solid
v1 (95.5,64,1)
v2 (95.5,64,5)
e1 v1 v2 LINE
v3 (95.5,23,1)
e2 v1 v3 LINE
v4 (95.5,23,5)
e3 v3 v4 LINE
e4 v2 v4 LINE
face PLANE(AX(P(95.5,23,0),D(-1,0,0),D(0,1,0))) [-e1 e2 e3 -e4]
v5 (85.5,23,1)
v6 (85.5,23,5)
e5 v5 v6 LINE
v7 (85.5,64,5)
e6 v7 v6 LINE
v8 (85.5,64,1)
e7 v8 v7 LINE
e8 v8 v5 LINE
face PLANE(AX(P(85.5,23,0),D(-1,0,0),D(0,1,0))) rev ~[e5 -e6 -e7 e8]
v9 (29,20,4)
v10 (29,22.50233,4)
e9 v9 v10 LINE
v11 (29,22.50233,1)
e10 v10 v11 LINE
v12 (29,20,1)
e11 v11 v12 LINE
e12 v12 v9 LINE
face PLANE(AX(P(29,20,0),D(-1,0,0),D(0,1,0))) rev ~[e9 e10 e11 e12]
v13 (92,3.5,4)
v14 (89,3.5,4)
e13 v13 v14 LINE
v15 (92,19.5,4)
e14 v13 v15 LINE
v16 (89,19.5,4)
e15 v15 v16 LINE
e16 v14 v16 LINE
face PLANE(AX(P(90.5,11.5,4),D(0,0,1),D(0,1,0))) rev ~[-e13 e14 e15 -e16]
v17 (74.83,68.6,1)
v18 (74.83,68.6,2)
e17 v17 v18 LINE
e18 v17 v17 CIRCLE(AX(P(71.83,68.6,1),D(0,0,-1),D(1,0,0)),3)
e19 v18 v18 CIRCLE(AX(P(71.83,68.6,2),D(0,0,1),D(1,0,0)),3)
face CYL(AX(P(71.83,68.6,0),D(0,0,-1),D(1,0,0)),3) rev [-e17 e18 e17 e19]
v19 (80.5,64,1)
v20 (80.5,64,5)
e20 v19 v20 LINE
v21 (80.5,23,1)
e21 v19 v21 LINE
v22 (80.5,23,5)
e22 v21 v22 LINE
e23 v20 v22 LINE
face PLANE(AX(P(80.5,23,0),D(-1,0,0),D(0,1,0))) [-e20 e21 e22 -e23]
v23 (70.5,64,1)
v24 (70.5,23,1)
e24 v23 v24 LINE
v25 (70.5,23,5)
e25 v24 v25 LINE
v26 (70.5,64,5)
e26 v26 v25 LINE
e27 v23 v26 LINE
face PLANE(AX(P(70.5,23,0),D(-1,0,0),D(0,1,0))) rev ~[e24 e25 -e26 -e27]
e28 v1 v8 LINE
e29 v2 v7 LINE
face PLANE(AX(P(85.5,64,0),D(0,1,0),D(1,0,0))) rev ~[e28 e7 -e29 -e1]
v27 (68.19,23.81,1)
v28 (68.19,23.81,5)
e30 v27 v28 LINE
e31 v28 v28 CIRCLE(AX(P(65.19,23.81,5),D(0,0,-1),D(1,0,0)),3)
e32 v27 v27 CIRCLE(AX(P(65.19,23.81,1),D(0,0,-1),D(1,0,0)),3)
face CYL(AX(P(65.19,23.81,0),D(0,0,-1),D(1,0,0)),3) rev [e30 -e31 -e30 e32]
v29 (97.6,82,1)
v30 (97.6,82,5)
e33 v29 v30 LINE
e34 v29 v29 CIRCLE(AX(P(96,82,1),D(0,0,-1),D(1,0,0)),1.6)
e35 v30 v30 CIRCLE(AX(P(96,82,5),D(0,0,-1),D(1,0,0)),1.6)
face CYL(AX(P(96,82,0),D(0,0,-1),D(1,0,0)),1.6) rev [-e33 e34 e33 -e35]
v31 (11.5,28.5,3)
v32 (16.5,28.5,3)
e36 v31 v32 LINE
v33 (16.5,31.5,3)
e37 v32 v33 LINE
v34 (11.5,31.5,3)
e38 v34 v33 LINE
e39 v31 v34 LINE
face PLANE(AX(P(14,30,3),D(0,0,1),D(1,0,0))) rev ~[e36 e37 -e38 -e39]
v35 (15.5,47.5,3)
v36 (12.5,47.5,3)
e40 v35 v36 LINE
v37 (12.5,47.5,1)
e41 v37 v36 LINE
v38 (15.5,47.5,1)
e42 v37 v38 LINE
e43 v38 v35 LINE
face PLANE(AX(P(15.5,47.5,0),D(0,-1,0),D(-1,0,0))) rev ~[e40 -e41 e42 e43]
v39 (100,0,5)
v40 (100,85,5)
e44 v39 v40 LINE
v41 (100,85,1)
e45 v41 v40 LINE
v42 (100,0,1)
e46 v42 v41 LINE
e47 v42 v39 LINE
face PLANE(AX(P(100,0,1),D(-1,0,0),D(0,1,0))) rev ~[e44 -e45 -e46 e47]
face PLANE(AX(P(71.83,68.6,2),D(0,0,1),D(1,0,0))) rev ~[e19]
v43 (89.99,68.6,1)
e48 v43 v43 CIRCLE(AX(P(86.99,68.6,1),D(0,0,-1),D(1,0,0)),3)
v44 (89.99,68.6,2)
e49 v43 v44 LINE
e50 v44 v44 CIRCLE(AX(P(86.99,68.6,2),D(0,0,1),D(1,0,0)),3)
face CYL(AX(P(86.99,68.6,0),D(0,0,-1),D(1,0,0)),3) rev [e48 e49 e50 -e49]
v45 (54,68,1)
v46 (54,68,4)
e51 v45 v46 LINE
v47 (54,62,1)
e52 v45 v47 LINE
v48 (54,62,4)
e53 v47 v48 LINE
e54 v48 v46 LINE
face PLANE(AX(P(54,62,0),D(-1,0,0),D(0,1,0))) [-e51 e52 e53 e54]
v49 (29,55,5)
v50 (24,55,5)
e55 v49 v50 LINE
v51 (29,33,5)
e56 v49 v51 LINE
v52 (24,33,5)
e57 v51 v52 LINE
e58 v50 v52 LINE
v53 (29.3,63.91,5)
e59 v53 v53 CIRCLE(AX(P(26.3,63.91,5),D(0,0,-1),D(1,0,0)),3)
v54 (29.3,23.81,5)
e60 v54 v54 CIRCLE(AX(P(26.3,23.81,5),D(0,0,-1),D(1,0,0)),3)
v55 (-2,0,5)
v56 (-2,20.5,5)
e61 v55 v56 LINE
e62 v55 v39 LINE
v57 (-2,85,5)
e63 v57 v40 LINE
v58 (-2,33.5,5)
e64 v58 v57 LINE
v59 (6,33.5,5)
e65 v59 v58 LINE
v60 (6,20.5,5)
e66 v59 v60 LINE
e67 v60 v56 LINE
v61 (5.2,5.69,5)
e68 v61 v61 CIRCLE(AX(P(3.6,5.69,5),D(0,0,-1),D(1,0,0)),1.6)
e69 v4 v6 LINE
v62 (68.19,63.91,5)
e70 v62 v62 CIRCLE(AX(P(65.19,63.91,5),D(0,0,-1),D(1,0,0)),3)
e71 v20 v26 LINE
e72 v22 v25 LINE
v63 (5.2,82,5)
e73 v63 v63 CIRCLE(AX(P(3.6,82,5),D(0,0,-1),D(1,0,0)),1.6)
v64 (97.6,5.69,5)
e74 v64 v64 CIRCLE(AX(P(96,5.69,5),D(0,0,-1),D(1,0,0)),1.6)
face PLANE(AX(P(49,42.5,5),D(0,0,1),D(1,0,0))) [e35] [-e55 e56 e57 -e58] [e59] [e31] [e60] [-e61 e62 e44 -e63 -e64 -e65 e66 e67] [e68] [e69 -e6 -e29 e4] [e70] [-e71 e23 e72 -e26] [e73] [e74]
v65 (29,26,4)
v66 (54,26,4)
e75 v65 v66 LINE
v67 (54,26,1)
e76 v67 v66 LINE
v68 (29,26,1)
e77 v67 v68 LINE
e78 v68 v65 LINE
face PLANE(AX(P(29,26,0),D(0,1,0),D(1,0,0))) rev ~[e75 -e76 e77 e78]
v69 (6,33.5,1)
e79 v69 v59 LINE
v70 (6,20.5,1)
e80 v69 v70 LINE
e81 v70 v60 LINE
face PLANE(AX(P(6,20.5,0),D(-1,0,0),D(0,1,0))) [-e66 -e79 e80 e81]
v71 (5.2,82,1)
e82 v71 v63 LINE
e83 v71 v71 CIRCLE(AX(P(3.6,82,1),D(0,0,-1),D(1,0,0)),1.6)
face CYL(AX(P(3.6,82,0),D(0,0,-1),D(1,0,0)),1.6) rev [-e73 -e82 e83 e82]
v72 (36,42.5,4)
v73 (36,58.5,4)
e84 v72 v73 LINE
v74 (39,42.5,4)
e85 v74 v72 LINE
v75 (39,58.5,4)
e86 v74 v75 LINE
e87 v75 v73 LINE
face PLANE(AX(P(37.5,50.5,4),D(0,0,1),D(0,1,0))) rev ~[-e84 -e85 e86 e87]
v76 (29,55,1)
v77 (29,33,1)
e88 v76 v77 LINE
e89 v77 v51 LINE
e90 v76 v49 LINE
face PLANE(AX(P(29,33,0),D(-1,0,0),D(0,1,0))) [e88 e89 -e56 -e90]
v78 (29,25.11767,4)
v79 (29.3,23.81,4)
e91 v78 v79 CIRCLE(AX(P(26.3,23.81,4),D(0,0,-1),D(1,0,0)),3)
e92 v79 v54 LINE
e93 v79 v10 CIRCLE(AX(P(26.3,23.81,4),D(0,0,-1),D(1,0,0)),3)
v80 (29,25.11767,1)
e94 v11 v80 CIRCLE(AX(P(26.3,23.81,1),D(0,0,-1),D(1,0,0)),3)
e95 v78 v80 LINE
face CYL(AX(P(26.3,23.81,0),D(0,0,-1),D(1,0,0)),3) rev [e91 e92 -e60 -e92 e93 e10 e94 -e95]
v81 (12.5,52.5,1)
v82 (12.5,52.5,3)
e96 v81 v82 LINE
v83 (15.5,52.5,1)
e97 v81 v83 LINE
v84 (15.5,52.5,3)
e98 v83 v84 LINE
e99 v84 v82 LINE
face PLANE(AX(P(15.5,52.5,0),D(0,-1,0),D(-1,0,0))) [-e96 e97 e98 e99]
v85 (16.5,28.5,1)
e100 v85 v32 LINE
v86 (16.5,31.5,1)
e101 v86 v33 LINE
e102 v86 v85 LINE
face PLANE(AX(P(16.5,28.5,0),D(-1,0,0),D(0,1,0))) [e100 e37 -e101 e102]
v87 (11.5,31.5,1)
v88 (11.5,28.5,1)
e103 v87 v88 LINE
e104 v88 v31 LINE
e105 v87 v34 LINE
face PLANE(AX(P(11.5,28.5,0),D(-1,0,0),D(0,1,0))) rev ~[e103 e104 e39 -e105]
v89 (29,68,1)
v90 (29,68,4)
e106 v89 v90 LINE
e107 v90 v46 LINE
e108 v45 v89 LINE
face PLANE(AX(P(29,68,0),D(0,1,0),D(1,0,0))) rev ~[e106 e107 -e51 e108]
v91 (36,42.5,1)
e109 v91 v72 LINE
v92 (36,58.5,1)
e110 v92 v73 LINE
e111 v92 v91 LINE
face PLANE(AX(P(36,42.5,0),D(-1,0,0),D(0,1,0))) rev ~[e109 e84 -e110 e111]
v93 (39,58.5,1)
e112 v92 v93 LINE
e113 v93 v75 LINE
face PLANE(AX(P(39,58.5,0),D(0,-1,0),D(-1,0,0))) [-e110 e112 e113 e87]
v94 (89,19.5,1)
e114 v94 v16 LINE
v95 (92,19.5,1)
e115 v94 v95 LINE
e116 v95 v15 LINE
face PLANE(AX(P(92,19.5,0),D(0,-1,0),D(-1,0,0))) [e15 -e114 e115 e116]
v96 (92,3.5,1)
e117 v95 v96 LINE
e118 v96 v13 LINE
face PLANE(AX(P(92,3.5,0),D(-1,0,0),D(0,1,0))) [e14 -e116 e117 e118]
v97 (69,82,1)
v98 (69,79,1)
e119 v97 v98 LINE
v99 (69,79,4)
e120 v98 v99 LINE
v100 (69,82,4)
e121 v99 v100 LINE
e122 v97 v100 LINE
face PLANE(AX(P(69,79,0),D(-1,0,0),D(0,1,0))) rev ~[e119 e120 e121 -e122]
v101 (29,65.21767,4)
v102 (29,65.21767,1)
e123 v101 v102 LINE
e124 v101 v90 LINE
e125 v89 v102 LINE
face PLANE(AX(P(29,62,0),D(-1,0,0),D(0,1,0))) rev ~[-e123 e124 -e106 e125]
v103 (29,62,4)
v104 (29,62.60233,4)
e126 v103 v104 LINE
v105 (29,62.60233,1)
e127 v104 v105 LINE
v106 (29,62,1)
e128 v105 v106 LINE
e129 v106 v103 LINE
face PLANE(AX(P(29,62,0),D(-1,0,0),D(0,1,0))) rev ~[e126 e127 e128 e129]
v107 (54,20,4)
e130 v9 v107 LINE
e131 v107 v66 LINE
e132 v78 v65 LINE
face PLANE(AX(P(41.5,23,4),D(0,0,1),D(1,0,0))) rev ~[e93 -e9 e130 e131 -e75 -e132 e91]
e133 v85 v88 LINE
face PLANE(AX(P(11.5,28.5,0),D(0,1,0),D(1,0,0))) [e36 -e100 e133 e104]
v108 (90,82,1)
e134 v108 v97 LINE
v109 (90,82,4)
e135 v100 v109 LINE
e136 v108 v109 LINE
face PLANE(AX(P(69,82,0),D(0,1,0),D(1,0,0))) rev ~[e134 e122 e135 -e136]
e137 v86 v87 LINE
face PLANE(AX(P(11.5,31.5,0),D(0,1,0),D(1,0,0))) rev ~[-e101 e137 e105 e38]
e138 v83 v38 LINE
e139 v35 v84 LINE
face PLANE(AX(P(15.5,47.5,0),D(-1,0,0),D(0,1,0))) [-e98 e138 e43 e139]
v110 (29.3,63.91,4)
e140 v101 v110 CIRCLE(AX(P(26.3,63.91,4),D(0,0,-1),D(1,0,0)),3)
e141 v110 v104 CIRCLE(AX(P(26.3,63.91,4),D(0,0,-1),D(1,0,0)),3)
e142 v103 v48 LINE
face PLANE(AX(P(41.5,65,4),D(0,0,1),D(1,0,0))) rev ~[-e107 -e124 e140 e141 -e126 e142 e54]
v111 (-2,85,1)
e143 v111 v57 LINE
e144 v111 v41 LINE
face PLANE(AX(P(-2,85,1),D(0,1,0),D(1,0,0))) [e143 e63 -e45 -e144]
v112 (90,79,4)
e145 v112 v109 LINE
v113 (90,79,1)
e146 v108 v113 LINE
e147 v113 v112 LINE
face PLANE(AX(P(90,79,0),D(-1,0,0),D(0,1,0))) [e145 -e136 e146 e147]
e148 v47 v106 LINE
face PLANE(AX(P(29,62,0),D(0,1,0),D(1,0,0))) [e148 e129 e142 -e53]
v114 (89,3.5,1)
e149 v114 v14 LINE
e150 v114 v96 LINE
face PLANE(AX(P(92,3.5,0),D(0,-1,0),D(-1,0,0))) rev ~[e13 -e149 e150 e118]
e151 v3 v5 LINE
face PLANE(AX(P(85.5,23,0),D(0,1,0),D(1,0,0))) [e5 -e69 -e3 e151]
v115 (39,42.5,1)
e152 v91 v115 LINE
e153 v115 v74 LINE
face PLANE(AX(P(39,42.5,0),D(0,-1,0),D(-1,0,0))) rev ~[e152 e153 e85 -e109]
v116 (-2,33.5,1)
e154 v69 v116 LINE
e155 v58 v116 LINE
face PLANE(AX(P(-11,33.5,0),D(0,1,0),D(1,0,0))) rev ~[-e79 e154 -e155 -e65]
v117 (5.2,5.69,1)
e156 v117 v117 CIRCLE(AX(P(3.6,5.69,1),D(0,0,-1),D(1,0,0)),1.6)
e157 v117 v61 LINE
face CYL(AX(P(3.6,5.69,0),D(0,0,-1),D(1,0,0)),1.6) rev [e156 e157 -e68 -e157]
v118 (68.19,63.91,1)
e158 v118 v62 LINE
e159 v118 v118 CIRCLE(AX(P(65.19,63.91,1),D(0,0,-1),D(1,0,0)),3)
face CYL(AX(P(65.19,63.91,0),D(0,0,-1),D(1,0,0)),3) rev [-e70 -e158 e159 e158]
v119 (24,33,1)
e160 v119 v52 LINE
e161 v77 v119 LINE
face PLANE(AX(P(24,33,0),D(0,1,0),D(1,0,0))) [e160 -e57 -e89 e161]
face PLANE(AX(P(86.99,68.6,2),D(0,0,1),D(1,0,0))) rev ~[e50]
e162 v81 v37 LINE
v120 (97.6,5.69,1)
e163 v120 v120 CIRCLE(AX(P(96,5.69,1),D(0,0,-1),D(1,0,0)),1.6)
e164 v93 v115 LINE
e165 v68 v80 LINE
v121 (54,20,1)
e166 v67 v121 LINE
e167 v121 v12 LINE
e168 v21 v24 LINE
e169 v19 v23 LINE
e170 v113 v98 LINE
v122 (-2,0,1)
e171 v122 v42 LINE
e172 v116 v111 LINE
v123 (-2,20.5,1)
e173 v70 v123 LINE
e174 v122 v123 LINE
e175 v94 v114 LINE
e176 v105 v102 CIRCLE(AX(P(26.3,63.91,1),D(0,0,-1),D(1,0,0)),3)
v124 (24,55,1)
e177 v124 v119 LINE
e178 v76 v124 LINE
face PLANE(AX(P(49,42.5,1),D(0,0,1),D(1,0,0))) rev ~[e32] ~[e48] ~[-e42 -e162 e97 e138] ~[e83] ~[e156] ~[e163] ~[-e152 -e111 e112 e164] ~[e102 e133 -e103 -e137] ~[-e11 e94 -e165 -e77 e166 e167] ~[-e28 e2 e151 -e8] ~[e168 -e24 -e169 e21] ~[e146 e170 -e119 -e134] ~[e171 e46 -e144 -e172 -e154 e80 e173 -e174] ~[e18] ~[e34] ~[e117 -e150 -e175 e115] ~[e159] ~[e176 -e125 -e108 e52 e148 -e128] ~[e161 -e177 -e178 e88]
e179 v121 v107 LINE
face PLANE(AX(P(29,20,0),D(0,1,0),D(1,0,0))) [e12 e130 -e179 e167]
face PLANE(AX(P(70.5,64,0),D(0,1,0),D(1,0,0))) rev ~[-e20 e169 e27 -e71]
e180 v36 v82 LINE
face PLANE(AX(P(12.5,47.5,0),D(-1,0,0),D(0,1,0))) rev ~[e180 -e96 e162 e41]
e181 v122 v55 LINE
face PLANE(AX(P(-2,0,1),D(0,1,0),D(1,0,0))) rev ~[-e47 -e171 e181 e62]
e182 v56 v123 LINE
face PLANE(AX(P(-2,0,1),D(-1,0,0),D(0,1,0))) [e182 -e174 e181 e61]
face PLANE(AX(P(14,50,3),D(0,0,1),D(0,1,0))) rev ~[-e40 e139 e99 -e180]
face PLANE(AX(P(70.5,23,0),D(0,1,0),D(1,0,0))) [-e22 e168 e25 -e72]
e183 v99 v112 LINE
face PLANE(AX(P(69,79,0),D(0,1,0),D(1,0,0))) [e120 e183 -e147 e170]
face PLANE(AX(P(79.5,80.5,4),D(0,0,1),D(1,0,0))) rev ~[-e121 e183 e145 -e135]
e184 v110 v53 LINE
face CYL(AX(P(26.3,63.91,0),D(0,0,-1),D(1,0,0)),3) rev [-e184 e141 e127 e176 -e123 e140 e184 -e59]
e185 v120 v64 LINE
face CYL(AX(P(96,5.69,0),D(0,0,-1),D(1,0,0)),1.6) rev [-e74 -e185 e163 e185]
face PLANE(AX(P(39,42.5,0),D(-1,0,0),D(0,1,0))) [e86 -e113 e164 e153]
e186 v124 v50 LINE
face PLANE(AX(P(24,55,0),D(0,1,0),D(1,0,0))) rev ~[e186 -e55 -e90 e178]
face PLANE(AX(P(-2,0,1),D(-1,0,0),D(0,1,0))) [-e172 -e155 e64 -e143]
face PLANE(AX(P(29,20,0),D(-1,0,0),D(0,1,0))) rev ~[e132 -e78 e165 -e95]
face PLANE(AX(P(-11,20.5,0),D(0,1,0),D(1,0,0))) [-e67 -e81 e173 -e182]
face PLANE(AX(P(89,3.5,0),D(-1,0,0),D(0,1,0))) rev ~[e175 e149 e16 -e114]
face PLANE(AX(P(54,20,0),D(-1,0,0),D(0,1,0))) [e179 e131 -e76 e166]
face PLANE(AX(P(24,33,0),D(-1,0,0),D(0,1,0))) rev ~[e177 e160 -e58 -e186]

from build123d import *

# Parameters (mm, degrees)
CYLINDER010_R          = 1.6
CYLINDER010_DEPTH      = 10
CYLINDER012_R          = 1.6
CYLINDER012_DEPTH      = 10
CYLINDER011_R          = 1.6
CYLINDER011_DEPTH      = 10
CYLINDER013_R          = 1.6
CYLINDER013_DEPTH      = 10
BOX014_W               = 16
BOX014_H               = 3
BOX014_DEPTH           = 4
BOX014_PLACEMENT_ANGLE = 90
BOX018_W               = 5
BOX018_H               = 3
BOX018_DEPTH           = 3
BOX018_PLACEMENT_ANGLE = 90
BOX013_W               = 16
BOX013_H               = 3
BOX013_DEPTH           = 4
BOX013_PLACEMENT_ANGLE = 90
BOX015_W               = 25
BOX015_H               = 6
BOX015_DEPTH           = 4
BOX016_W               = 25
BOX016_H               = 6
BOX016_DEPTH           = 4
BOX017_W               = 5
BOX017_H               = 3
BOX017_DEPTH           = 3
CYLINDER004_R          = 3
CYLINDER004_DEPTH      = 2
CYLINDER005_R          = 3
CYLINDER005_DEPTH      = 2
CYLINDER008_R          = 1.6
CYLINDER008_DEPTH      = 10
CYLINDER007_R          = 1.6
CYLINDER007_DEPTH      = 10
CYLINDER009_R          = 1.6
CYLINDER009_DEPTH      = 10
CYLINDER006_R          = 1.6
CYLINDER006_DEPTH      = 10
BOX012_W               = 21
BOX012_H               = 3
BOX012_DEPTH           = 4
CYLINDER001_R          = 3
CYLINDER001_DEPTH      = 10
CYLINDER002_R          = 3
CYLINDER002_DEPTH      = 10
CYLINDER_R             = 3
CYLINDER_DEPTH         = 10
CYLINDER003_R          = 3
CYLINDER003_DEPTH      = 10
BOX011_W               = 5
BOX011_H               = 22
BOX011_DEPTH           = 10
BOX009_W               = 10
BOX009_H               = 41
BOX009_DEPTH           = 10
BOX010_W               = 10
BOX010_H               = 41
BOX010_DEPTH           = 10
BOX006_W               = 17
BOX006_H               = 13
BOX006_DEPTH           = 10
BOX_W                  = 102
BOX_H                  = 85
BOX_DEPTH              = 4


with BuildPart() as cylinder010:
    # Cylinder010 → Cylinder010 (new body)
    with BuildSketch(Plane(origin=(3.6, 5.69, 0), x_dir=(1, 0, 0), z_dir=(0, 0, 1))):
        Circle(CYLINDER010_R)
    extrude(amount=CYLINDER010_DEPTH)


with BuildPart() as cylinder012:
    # Cylinder012 → Cylinder012 (new body)
    with BuildSketch(Plane(origin=(96, 5.69, 0), x_dir=(1, 0, 0), z_dir=(0, 0, 1))):
        Circle(CYLINDER012_R)
    extrude(amount=CYLINDER012_DEPTH)


with BuildPart() as cylinder011:
    # Cylinder011 → Cylinder011 (new body)
    with BuildSketch(Plane(origin=(3.6, 82, 0), x_dir=(1, 0, 0), z_dir=(0, 0, 1))):
        Circle(CYLINDER011_R)
    extrude(amount=CYLINDER011_DEPTH)


with BuildPart() as cylinder013:
    # Cylinder013 → Cylinder013 (new body)
    with BuildSketch(Plane(origin=(96, 82, 0), x_dir=(1, 0, 0), z_dir=(0, 0, 1))):
        Circle(CYLINDER013_R)
    extrude(amount=CYLINDER013_DEPTH)


with BuildPart() as pins_sd_card_reader:
    # Box014 → Box014 (new body)
    with BuildSketch(Plane.XY):
        with Locations((8, 1.5)):
            Rectangle(BOX014_W, BOX014_H)
    extrude(amount=BOX014_DEPTH)


with BuildPart() as pins_sd_card_reader_1:
    # Box014 placement: moved
    add(pins_sd_card_reader.part.moved(Location((39, 42.5, 0))).rotate(Axis((39, 42.5, 0), (0, 0, 1)), BOX014_PLACEMENT_ANGLE))


with BuildPart() as smd_capacitor:
    # Box018 → Box018 (new body)
    with BuildSketch(Plane.XY):
        with Locations((2.5, 1.5)):
            Rectangle(BOX018_W, BOX018_H)
    extrude(amount=BOX018_DEPTH)


with BuildPart() as smd_capacitor_1:
    # Box018 placement: moved
    add(smd_capacitor.part.moved(Location((15.5, 47.5, 0))).rotate(Axis((15.5, 47.5, 0), (0, 0, 1)), BOX018_PLACEMENT_ANGLE))


with BuildPart() as pins_bluetooth:
    # Box013 → Box013 (new body)
    with BuildSketch(Plane.XY):
        with Locations((8, 1.5)):
            Rectangle(BOX013_W, BOX013_H)
    extrude(amount=BOX013_DEPTH)


with BuildPart() as pins_bluetooth_1:
    # Box013 placement: moved
    add(pins_bluetooth.part.moved(Location((92, 3.5, 0))).rotate(Axis((92, 3.5, 0), (0, 0, 1)), BOX013_PLACEMENT_ANGLE))


with BuildPart() as box015:
    # Box015 → Box015 (new body)
    with BuildSketch(Plane(origin=(29, 62, 0), x_dir=(1, 0, 0), z_dir=(0, 0, 1))):
        with Locations((12.5, 3)):
            Rectangle(BOX015_W, BOX015_H)
    extrude(amount=BOX015_DEPTH)


with BuildPart() as box016:
    # Box016 → Box016 (new body)
    with BuildSketch(Plane(origin=(29, 20, 0), x_dir=(1, 0, 0), z_dir=(0, 0, 1))):
        with Locations((12.5, 3)):
            Rectangle(BOX016_W, BOX016_H)
    extrude(amount=BOX016_DEPTH)


with BuildPart() as smd_resistor:
    # Box017 → Box017 (new body)
    with BuildSketch(Plane(origin=(11.5, 28.5, 0), x_dir=(1, 0, 0), z_dir=(0, 0, 1))):
        with Locations((2.5, 1.5)):
            Rectangle(BOX017_W, BOX017_H)
    extrude(amount=BOX017_DEPTH)


with BuildPart() as cylinder004:
    # Cylinder004 → Cylinder004 (new body)
    with BuildSketch(Plane(origin=(86.99, 68.6, 0), x_dir=(1, 0, 0), z_dir=(0, 0, 1))):
        Circle(CYLINDER004_R)
    extrude(amount=CYLINDER004_DEPTH)


with BuildPart() as cylinder005:
    # Cylinder005 → Cylinder005 (new body)
    with BuildSketch(Plane(origin=(71.83, 68.6, 0), x_dir=(1, 0, 0), z_dir=(0, 0, 1))):
        Circle(CYLINDER005_R)
    extrude(amount=CYLINDER005_DEPTH)


with BuildPart() as cylinder008:
    # Cylinder008 → Cylinder008 (new body)
    with BuildSketch(Plane(origin=(96, 5.69, 0), x_dir=(1, 0, 0), z_dir=(0, 0, 1))):
        Circle(CYLINDER008_R)
    extrude(amount=CYLINDER008_DEPTH)


with BuildPart() as cylinder007:
    # Cylinder007 → Cylinder007 (new body)
    with BuildSketch(Plane(origin=(3.6, 82, 0), x_dir=(1, 0, 0), z_dir=(0, 0, 1))):
        Circle(CYLINDER007_R)
    extrude(amount=CYLINDER007_DEPTH)


with BuildPart() as cylinder009:
    # Cylinder009 → Cylinder009 (new body)
    with BuildSketch(Plane(origin=(96, 82, 0), x_dir=(1, 0, 0), z_dir=(0, 0, 1))):
        Circle(CYLINDER009_R)
    extrude(amount=CYLINDER009_DEPTH)


with BuildPart() as board_holes:
    # Cylinder006 → Cylinder006 (new body)
    with BuildSketch(Plane(origin=(3.6, 5.69, 0), x_dir=(1, 0, 0), z_dir=(0, 0, 1))):
        Circle(CYLINDER006_R)
    extrude(amount=CYLINDER006_DEPTH)

    # Fusion004: union Cylinder008, Cylinder007, Cylinder009
    add(cylinder008.part)
    add(cylinder007.part)
    add(cylinder009.part)


with BuildPart() as pins_smds_and_holes:
    # Box012 → Box012 (new body)
    with BuildSketch(Plane(origin=(69, 79, 0), x_dir=(1, 0, 0), z_dir=(0, 0, 1))):
        with Locations((10.5, 1.5)):
            Rectangle(BOX012_W, BOX012_H)
    extrude(amount=BOX012_DEPTH)

    # Fusion003: union pins_sd card reader, SMD capacitor, pins_bluetooth, Box015, Box016, SMD resistor, Cylinder004, Cylinder005, board holes
    add(pins_sd_card_reader_1.part)
    add(smd_capacitor_1.part)
    add(pins_bluetooth_1.part)
    add(box015.part)
    add(box016.part)
    add(smd_resistor.part)
    add(cylinder004.part)
    add(cylinder005.part)
    add(board_holes.part)

    # Fusion005: union Cylinder010, Cylinder012, Cylinder011, Cylinder013
    add(cylinder010.part)
    add(cylinder012.part)
    add(cylinder011.part)
    add(cylinder013.part)


with BuildPart() as cylinder001:
    # Cylinder001 → Cylinder001 (new body)
    with BuildSketch(Plane(origin=(26.3, 63.91, 0), x_dir=(1, 0, 0), z_dir=(0, 0, 1))):
        Circle(CYLINDER001_R)
    extrude(amount=CYLINDER001_DEPTH)


with BuildPart() as cylinder002:
    # Cylinder002 → Cylinder002 (new body)
    with BuildSketch(Plane(origin=(65.19, 23.81, 0), x_dir=(1, 0, 0), z_dir=(0, 0, 1))):
        Circle(CYLINDER002_R)
    extrude(amount=CYLINDER002_DEPTH)


with BuildPart() as cylinder:
    # Cylinder → Cylinder (new body)
    with BuildSketch(Plane(origin=(26.3, 23.81, 0), x_dir=(1, 0, 0), z_dir=(0, 0, 1))):
        Circle(CYLINDER_R)
    extrude(amount=CYLINDER_DEPTH)


with BuildPart() as cylinder003:
    # Cylinder003 → Cylinder003 (new body)
    with BuildSketch(Plane(origin=(65.19, 63.91, 0), x_dir=(1, 0, 0), z_dir=(0, 0, 1))):
        Circle(CYLINDER003_R)
    extrude(amount=CYLINDER003_DEPTH)


with BuildPart() as screen_holes:
    # Box011 → Box011 (new body)
    with BuildSketch(Plane(origin=(24, 33, 0), x_dir=(1, 0, 0), z_dir=(0, 0, 1))):
        with Locations((2.5, 11)):
            Rectangle(BOX011_W, BOX011_H)
    extrude(amount=BOX011_DEPTH)

    # Fusion002: union Cylinder001, Cylinder002, Cylinder, Cylinder003
    add(cylinder001.part)
    add(cylinder002.part)
    add(cylinder.part)
    add(cylinder003.part)


with BuildPart() as button_array:
    # Box009 → Box009 (new body)
    with BuildSketch(Plane(origin=(70.5, 23, 0), x_dir=(1, 0, 0), z_dir=(0, 0, 1))):
        with Locations((5, 20.5)):
            Rectangle(BOX009_W, BOX009_H)
    extrude(amount=BOX009_DEPTH)


with BuildPart() as button_arrays:
    # Box010 → Box010 (new body)
    with BuildSketch(Plane(origin=(85.5, 23, 0), x_dir=(1, 0, 0), z_dir=(0, 0, 1))):
        with Locations((5, 20.5)):
            Rectangle(BOX010_W, BOX010_H)
    extrude(amount=BOX010_DEPTH)

    # Fusion001: union button array
    add(button_array.part)


with BuildPart() as led_array_connector:
    # Box006 → Box006 (new body)
    with BuildSketch(Plane(origin=(-11, 20.5, 0), x_dir=(1, 0, 0), z_dir=(0, 0, 1))):
        with Locations((8.5, 6.5)):
            Rectangle(BOX006_W, BOX006_H)
    extrude(amount=BOX006_DEPTH)


with BuildPart() as final_top:
    # Box → Box (new body)
    with BuildSketch(Plane(origin=(-2, 0, 1), x_dir=(1, 0, 0), z_dir=(0, 0, 1))):
        with Locations((51, 42.5)):
            Rectangle(BOX_W, BOX_H)
    extrude(amount=BOX_DEPTH)

    # Cut001: cut led array connector
    add(led_array_connector.part, mode=Mode.SUBTRACT)

    # Cut002: cut button arrays
    add(button_arrays.part, mode=Mode.SUBTRACT)

    # Cut003: cut screen holes
    add(screen_holes.part, mode=Mode.SUBTRACT)

    # Cut004: cut pins_SMDs and holes
    add(pins_smds_and_holes.part, mode=Mode.SUBTRACT)


solid = final_top.part
